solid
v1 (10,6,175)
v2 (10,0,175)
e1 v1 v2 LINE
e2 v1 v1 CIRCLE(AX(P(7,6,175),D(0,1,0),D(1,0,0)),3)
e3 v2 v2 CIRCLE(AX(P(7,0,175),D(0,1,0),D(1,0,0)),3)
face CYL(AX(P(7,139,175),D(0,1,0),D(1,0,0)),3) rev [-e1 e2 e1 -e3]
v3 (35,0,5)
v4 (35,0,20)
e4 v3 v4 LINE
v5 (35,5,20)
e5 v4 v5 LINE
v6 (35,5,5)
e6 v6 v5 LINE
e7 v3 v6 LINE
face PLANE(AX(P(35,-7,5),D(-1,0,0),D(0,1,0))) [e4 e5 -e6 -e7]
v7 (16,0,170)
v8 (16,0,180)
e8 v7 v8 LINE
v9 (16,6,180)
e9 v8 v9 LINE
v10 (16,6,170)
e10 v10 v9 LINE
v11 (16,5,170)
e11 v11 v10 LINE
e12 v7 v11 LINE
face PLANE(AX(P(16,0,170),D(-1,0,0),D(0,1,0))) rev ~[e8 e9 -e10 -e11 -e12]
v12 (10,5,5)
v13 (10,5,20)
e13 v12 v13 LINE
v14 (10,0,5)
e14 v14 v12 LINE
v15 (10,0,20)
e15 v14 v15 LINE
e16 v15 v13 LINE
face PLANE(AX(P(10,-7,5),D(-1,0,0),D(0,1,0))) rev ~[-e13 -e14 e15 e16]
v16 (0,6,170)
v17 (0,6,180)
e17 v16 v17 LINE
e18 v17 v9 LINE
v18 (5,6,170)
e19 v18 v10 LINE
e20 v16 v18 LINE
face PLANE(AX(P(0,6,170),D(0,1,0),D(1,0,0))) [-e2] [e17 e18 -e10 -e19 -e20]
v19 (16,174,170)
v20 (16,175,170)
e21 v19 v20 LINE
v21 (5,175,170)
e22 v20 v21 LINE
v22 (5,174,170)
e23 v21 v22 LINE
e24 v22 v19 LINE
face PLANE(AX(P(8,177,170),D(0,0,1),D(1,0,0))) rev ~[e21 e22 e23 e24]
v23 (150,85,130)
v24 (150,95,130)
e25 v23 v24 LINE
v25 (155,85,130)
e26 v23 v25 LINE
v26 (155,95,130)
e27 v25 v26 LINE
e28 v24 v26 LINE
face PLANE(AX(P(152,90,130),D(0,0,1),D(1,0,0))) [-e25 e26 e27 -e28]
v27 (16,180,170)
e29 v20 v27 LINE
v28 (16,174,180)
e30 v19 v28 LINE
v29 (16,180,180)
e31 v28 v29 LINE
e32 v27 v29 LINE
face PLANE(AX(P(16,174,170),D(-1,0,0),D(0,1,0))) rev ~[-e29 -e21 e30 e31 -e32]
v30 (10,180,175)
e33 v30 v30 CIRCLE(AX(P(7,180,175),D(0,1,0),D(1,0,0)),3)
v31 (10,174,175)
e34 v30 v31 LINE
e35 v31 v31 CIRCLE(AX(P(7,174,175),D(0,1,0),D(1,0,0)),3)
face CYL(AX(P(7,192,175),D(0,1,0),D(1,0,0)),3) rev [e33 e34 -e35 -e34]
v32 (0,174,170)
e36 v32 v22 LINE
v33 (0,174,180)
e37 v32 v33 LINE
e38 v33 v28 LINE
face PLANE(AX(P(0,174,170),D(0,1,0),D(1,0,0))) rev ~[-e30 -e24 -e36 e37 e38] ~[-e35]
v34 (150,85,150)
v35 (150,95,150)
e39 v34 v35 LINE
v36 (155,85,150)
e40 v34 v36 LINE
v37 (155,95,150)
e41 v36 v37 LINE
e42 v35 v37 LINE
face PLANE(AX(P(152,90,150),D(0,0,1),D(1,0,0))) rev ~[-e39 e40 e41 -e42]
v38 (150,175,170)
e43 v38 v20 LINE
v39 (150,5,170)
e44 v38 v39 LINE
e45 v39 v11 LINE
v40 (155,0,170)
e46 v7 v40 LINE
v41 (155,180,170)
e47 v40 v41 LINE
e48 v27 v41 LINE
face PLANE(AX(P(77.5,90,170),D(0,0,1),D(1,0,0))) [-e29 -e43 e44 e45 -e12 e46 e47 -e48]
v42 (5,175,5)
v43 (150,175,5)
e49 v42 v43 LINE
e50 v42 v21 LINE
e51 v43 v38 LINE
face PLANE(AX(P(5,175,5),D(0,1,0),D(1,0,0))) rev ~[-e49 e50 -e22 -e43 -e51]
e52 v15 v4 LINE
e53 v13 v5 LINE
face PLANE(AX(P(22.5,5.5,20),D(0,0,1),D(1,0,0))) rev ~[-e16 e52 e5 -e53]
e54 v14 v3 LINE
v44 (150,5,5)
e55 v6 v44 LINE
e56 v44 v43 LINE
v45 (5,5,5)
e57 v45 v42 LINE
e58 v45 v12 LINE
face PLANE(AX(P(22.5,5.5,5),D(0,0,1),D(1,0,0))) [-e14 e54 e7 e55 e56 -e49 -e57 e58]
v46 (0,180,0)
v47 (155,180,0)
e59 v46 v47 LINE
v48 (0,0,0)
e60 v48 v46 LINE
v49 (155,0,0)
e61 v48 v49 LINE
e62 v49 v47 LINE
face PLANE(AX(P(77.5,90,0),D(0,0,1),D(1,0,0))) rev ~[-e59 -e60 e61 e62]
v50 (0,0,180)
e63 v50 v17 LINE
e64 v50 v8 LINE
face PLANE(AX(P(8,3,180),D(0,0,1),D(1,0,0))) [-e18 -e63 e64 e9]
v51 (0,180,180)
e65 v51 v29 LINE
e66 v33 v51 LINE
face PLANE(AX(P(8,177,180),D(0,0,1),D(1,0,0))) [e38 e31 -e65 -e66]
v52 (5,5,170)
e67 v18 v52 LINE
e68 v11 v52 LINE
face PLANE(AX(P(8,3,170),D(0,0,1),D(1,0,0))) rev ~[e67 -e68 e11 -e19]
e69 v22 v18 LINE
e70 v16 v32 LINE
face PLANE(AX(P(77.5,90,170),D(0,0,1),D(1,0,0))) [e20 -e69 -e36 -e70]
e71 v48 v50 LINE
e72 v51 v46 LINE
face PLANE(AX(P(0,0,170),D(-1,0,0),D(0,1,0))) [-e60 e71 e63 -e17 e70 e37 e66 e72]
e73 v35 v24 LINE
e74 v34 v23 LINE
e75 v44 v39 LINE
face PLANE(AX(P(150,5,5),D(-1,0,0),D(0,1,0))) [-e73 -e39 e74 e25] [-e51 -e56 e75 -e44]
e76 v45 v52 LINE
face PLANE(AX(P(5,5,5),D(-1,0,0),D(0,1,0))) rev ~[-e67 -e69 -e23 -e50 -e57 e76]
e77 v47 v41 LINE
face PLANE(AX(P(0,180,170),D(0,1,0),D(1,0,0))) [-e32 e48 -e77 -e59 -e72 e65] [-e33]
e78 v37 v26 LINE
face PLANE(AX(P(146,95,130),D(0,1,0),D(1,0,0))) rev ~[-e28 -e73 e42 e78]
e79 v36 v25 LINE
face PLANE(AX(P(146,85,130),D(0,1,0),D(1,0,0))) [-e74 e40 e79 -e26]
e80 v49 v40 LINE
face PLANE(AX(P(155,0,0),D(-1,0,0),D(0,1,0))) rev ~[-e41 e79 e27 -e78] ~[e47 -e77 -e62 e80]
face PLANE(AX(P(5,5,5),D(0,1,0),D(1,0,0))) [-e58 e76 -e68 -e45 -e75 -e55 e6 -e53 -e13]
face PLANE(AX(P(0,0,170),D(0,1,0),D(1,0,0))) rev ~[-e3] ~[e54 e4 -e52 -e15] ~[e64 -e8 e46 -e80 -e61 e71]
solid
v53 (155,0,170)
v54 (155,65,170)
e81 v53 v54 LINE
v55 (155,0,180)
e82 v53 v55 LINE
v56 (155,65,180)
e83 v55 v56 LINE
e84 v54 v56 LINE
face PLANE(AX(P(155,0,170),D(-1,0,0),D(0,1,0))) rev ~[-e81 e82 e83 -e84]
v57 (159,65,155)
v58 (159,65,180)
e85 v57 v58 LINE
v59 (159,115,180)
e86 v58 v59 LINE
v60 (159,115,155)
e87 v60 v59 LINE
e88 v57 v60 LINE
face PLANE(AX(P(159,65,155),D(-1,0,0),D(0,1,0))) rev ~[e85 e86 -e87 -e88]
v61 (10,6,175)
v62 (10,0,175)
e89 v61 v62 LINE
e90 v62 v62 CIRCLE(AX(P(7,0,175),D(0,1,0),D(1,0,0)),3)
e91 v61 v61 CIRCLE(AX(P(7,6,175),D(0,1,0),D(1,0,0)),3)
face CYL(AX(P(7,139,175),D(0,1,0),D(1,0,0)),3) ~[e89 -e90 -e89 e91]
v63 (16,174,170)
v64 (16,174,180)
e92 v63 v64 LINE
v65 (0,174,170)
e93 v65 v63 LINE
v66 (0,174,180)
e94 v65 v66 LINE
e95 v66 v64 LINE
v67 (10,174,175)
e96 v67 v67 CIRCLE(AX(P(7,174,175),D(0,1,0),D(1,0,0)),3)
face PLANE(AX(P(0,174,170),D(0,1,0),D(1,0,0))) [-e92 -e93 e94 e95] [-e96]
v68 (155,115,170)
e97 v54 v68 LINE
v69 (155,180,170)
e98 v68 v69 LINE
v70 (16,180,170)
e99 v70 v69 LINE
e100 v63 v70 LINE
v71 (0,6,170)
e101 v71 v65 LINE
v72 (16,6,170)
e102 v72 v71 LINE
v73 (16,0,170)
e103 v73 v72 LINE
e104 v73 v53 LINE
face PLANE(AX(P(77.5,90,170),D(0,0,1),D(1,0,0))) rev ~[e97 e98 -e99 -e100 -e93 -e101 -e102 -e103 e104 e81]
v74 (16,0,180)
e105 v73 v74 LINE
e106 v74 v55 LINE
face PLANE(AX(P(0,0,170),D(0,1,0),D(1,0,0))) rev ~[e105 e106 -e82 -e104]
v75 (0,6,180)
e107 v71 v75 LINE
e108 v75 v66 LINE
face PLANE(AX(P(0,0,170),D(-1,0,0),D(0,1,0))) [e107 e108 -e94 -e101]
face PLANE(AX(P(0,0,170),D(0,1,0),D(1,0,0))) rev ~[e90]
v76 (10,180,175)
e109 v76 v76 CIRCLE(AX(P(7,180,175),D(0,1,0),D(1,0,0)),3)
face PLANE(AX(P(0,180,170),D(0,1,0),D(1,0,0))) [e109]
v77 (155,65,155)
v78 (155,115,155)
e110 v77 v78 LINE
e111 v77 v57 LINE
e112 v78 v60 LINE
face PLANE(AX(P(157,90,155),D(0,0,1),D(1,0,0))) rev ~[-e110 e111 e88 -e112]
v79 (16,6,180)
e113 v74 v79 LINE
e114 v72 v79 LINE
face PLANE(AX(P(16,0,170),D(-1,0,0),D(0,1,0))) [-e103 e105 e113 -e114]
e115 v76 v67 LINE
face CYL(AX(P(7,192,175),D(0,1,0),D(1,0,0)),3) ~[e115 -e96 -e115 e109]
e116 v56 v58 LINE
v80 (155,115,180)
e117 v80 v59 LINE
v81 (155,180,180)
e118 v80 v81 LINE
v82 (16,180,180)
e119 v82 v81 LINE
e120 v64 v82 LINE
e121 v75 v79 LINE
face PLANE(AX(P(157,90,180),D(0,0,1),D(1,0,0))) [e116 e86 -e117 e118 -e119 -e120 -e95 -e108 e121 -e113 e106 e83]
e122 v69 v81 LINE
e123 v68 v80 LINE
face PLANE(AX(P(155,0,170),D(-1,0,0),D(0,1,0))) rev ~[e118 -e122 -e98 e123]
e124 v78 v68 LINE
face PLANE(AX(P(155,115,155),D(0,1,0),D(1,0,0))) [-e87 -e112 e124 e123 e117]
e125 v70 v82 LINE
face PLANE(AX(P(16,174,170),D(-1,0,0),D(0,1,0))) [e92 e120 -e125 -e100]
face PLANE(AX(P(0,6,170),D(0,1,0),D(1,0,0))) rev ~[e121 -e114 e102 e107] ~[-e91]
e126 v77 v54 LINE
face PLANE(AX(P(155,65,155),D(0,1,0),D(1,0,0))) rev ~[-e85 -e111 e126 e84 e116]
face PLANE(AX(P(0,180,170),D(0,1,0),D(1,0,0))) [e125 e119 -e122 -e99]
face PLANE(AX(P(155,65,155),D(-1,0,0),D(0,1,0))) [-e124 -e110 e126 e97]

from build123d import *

# Parameters (mm, degrees)
CYLINDER001_R     = 3
CYLINDER001_DEPTH = 148
BOX007_W          = 16
BOX007_H          = 6
BOX007_DEPTH      = 10
CYLINDER_R        = 3
CYLINDER_DEPTH    = 148
BOX006_W          = 16
BOX006_H          = 6
BOX006_DEPTH      = 10
BOX005_W          = 12
BOX005_H          = 10
BOX005_DEPTH      = 20
BOX003_W          = 25
BOX003_H          = 25
BOX003_DEPTH      = 15
BOX001_W          = 145
BOX001_H          = 170
BOX001_DEPTH      = 200
BOX_W             = 155
BOX_H             = 180
BOX_DEPTH         = 170
BOX004_W          = 4
BOX004_H          = 50
BOX004_DEPTH      = 25
BOX002_W          = 155
BOX002_H          = 180
BOX002_DEPTH      = 10
CYLINDER003_R     = 3
CYLINDER003_DEPTH = 148
BOX013_W          = 16
BOX013_H          = 6
BOX013_DEPTH      = 10
CYLINDER002_R     = 3
CYLINDER002_DEPTH = 148
BOX012_W          = 16
BOX012_H          = 6
BOX012_DEPTH      = 10
BOX011_W          = 12
BOX011_H          = 10
BOX011_DEPTH      = 20
BOX010_W          = 25
BOX010_H          = 25
BOX010_DEPTH      = 15
BOX009_W          = 145
BOX009_H          = 170
BOX009_DEPTH      = 200
BOX008_W          = 155
BOX008_H          = 180
BOX008_DEPTH      = 170


with BuildPart() as cylinder001:
    # Cylinder001 → Cylinder001 (new body)
    with BuildSketch(Plane(origin=(7, 139, 175), x_dir=(1, 0, 0), z_dir=(0, -1, 0))):
        Circle(CYLINDER001_R)
    extrude(amount=CYLINDER001_DEPTH)


with BuildPart() as visagra2:
    # Box007 → Box007 (new body)
    with BuildSketch(Plane.XY.offset(170)):
        with Locations((8, 3)):
            Rectangle(BOX007_W, BOX007_H)
    extrude(amount=BOX007_DEPTH)

    # Cut004: cut Cylinder001
    add(cylinder001.part, mode=Mode.SUBTRACT)


with BuildPart() as cylinder:
    # Cylinder → Cylinder (new body)
    with BuildSketch(Plane(origin=(7, 192, 175), x_dir=(1, 0, 0), z_dir=(0, -1, 0))):
        Circle(CYLINDER_R)
    extrude(amount=CYLINDER_DEPTH)


with BuildPart() as visagra1:
    # Box006 → Box006 (new body)
    with BuildSketch(Plane(origin=(0, 174, 170), x_dir=(1, 0, 0), z_dir=(0, 0, 1))):
        with Locations((8, 3)):
            Rectangle(BOX006_W, BOX006_H)
    extrude(amount=BOX006_DEPTH)

    # Cut003: cut Cylinder
    add(cylinder.part, mode=Mode.SUBTRACT)


with BuildPart() as cube003:
    # Box005 → Box005 (new body)
    with BuildSketch(Plane(origin=(146, 85, 130), x_dir=(1, 0, 0), z_dir=(0, 0, 1))):
        with Locations((6, 5)):
            Rectangle(BOX005_W, BOX005_H)
    extrude(amount=BOX005_DEPTH)


with BuildPart() as agujero:
    # Box003 → Box003 (new body)
    with BuildSketch(Plane(origin=(10, -7, 5), x_dir=(1, 0, 0), z_dir=(0, 0, 1))):
        with Locations((12.5, 12.5)):
            Rectangle(BOX003_W, BOX003_H)
    extrude(amount=BOX003_DEPTH)


with BuildPart() as cube001:
    # Box001 → Box001 (new body)
    with BuildSketch(Plane(origin=(5, 5, 5), x_dir=(1, 0, 0), z_dir=(0, 0, 1))):
        with Locations((72.5, 85)):
            Rectangle(BOX001_W, BOX001_H)
    extrude(amount=BOX001_DEPTH)


with BuildPart() as fusion002:
    # Box → Box (new body)
    with BuildSketch(Plane.XY):
        with Locations((77.5, 90)):
            Rectangle(BOX_W, BOX_H)
    extrude(amount=BOX_DEPTH)

    # Cut: cut Cube001
    add(cube001.part, mode=Mode.SUBTRACT)

    # Cut001: cut Agujero
    add(agujero.part, mode=Mode.SUBTRACT)

    # Cut002: cut Cube003
    add(cube003.part, mode=Mode.SUBTRACT)

    # Fusion001: union visagra1
    add(visagra1.part)

    # Fusion002: union visagra2
    add(visagra2.part)


with BuildPart() as cube002:
    # Box004 → Box004 (new body)
    with BuildSketch(Plane(origin=(155, 65, 155), x_dir=(1, 0, 0), z_dir=(0, 0, 1))):
        with Locations((2, 25)):
            Rectangle(BOX004_W, BOX004_H)
    extrude(amount=BOX004_DEPTH)


with BuildPart() as tapa:
    # Box002 → Box002 (new body)
    with BuildSketch(Plane.XY.offset(170)):
        with Locations((77.5, 90)):
            Rectangle(BOX002_W, BOX002_H)
    extrude(amount=BOX002_DEPTH)

    # Fusion: union Cube002
    add(cube002.part)

    # Cut005: cut Fusion002
    add(fusion002.part, mode=Mode.SUBTRACT)


with BuildPart() as cylinder003:
    # Cylinder003 → Cylinder003 (new body)
    with BuildSketch(Plane(origin=(7, 139, 175), x_dir=(1, 0, 0), z_dir=(0, -1, 0))):
        Circle(CYLINDER003_R)
    extrude(amount=CYLINDER003_DEPTH)


with BuildPart() as visagra004:
    # Box013 → Box013 (new body)
    with BuildSketch(Plane.XY.offset(170)):
        with Locations((8, 3)):
            Rectangle(BOX013_W, BOX013_H)
    extrude(amount=BOX013_DEPTH)

    # Cut010: cut Cylinder003
    add(cylinder003.part, mode=Mode.SUBTRACT)


with BuildPart() as cylinder002:
    # Cylinder002 → Cylinder002 (new body)
    with BuildSketch(Plane(origin=(7, 192, 175), x_dir=(1, 0, 0), z_dir=(0, -1, 0))):
        Circle(CYLINDER002_R)
    extrude(amount=CYLINDER002_DEPTH)


with BuildPart() as visagra003:
    # Box012 → Box012 (new body)
    with BuildSketch(Plane(origin=(0, 174, 170), x_dir=(1, 0, 0), z_dir=(0, 0, 1))):
        with Locations((8, 3)):
            Rectangle(BOX012_W, BOX012_H)
    extrude(amount=BOX012_DEPTH)

    # Cut009: cut Cylinder002
    add(cylinder002.part, mode=Mode.SUBTRACT)


with BuildPart() as cube006:
    # Box011 → Box011 (new body)
    with BuildSketch(Plane(origin=(146, 85, 130), x_dir=(1, 0, 0), z_dir=(0, 0, 1))):
        with Locations((6, 5)):
            Rectangle(BOX011_W, BOX011_H)
    extrude(amount=BOX011_DEPTH)


with BuildPart() as agujero001:
    # Box010 → Box010 (new body)
    with BuildSketch(Plane(origin=(10, -7, 5), x_dir=(1, 0, 0), z_dir=(0, 0, 1))):
        with Locations((12.5, 12.5)):
            Rectangle(BOX010_W, BOX010_H)
    extrude(amount=BOX010_DEPTH)


with BuildPart() as cube005:
    # Box009 → Box009 (new body)
    with BuildSketch(Plane(origin=(5, 5, 5), x_dir=(1, 0, 0), z_dir=(0, 0, 1))):
        with Locations((72.5, 85)):
            Rectangle(BOX009_W, BOX009_H)
    extrude(amount=BOX009_DEPTH)


with BuildPart() as caja002:
    # Box008 → Box008 (new body)
    with BuildSketch(Plane.XY):
        with Locations((77.5, 90)):
            Rectangle(BOX008_W, BOX008_H)
    extrude(amount=BOX008_DEPTH)

    # Cut006: cut Cube005
    add(cube005.part, mode=Mode.SUBTRACT)

    # Cut007: cut Agujero001
    add(agujero001.part, mode=Mode.SUBTRACT)

    # Cut008: cut Cube006
    add(cube006.part, mode=Mode.SUBTRACT)

    # Fusion003: union visagra003
    add(visagra003.part)

    # Fusion004: union visagra004
    add(visagra004.part)


solid = Compound([tapa.part, caja002.part])
